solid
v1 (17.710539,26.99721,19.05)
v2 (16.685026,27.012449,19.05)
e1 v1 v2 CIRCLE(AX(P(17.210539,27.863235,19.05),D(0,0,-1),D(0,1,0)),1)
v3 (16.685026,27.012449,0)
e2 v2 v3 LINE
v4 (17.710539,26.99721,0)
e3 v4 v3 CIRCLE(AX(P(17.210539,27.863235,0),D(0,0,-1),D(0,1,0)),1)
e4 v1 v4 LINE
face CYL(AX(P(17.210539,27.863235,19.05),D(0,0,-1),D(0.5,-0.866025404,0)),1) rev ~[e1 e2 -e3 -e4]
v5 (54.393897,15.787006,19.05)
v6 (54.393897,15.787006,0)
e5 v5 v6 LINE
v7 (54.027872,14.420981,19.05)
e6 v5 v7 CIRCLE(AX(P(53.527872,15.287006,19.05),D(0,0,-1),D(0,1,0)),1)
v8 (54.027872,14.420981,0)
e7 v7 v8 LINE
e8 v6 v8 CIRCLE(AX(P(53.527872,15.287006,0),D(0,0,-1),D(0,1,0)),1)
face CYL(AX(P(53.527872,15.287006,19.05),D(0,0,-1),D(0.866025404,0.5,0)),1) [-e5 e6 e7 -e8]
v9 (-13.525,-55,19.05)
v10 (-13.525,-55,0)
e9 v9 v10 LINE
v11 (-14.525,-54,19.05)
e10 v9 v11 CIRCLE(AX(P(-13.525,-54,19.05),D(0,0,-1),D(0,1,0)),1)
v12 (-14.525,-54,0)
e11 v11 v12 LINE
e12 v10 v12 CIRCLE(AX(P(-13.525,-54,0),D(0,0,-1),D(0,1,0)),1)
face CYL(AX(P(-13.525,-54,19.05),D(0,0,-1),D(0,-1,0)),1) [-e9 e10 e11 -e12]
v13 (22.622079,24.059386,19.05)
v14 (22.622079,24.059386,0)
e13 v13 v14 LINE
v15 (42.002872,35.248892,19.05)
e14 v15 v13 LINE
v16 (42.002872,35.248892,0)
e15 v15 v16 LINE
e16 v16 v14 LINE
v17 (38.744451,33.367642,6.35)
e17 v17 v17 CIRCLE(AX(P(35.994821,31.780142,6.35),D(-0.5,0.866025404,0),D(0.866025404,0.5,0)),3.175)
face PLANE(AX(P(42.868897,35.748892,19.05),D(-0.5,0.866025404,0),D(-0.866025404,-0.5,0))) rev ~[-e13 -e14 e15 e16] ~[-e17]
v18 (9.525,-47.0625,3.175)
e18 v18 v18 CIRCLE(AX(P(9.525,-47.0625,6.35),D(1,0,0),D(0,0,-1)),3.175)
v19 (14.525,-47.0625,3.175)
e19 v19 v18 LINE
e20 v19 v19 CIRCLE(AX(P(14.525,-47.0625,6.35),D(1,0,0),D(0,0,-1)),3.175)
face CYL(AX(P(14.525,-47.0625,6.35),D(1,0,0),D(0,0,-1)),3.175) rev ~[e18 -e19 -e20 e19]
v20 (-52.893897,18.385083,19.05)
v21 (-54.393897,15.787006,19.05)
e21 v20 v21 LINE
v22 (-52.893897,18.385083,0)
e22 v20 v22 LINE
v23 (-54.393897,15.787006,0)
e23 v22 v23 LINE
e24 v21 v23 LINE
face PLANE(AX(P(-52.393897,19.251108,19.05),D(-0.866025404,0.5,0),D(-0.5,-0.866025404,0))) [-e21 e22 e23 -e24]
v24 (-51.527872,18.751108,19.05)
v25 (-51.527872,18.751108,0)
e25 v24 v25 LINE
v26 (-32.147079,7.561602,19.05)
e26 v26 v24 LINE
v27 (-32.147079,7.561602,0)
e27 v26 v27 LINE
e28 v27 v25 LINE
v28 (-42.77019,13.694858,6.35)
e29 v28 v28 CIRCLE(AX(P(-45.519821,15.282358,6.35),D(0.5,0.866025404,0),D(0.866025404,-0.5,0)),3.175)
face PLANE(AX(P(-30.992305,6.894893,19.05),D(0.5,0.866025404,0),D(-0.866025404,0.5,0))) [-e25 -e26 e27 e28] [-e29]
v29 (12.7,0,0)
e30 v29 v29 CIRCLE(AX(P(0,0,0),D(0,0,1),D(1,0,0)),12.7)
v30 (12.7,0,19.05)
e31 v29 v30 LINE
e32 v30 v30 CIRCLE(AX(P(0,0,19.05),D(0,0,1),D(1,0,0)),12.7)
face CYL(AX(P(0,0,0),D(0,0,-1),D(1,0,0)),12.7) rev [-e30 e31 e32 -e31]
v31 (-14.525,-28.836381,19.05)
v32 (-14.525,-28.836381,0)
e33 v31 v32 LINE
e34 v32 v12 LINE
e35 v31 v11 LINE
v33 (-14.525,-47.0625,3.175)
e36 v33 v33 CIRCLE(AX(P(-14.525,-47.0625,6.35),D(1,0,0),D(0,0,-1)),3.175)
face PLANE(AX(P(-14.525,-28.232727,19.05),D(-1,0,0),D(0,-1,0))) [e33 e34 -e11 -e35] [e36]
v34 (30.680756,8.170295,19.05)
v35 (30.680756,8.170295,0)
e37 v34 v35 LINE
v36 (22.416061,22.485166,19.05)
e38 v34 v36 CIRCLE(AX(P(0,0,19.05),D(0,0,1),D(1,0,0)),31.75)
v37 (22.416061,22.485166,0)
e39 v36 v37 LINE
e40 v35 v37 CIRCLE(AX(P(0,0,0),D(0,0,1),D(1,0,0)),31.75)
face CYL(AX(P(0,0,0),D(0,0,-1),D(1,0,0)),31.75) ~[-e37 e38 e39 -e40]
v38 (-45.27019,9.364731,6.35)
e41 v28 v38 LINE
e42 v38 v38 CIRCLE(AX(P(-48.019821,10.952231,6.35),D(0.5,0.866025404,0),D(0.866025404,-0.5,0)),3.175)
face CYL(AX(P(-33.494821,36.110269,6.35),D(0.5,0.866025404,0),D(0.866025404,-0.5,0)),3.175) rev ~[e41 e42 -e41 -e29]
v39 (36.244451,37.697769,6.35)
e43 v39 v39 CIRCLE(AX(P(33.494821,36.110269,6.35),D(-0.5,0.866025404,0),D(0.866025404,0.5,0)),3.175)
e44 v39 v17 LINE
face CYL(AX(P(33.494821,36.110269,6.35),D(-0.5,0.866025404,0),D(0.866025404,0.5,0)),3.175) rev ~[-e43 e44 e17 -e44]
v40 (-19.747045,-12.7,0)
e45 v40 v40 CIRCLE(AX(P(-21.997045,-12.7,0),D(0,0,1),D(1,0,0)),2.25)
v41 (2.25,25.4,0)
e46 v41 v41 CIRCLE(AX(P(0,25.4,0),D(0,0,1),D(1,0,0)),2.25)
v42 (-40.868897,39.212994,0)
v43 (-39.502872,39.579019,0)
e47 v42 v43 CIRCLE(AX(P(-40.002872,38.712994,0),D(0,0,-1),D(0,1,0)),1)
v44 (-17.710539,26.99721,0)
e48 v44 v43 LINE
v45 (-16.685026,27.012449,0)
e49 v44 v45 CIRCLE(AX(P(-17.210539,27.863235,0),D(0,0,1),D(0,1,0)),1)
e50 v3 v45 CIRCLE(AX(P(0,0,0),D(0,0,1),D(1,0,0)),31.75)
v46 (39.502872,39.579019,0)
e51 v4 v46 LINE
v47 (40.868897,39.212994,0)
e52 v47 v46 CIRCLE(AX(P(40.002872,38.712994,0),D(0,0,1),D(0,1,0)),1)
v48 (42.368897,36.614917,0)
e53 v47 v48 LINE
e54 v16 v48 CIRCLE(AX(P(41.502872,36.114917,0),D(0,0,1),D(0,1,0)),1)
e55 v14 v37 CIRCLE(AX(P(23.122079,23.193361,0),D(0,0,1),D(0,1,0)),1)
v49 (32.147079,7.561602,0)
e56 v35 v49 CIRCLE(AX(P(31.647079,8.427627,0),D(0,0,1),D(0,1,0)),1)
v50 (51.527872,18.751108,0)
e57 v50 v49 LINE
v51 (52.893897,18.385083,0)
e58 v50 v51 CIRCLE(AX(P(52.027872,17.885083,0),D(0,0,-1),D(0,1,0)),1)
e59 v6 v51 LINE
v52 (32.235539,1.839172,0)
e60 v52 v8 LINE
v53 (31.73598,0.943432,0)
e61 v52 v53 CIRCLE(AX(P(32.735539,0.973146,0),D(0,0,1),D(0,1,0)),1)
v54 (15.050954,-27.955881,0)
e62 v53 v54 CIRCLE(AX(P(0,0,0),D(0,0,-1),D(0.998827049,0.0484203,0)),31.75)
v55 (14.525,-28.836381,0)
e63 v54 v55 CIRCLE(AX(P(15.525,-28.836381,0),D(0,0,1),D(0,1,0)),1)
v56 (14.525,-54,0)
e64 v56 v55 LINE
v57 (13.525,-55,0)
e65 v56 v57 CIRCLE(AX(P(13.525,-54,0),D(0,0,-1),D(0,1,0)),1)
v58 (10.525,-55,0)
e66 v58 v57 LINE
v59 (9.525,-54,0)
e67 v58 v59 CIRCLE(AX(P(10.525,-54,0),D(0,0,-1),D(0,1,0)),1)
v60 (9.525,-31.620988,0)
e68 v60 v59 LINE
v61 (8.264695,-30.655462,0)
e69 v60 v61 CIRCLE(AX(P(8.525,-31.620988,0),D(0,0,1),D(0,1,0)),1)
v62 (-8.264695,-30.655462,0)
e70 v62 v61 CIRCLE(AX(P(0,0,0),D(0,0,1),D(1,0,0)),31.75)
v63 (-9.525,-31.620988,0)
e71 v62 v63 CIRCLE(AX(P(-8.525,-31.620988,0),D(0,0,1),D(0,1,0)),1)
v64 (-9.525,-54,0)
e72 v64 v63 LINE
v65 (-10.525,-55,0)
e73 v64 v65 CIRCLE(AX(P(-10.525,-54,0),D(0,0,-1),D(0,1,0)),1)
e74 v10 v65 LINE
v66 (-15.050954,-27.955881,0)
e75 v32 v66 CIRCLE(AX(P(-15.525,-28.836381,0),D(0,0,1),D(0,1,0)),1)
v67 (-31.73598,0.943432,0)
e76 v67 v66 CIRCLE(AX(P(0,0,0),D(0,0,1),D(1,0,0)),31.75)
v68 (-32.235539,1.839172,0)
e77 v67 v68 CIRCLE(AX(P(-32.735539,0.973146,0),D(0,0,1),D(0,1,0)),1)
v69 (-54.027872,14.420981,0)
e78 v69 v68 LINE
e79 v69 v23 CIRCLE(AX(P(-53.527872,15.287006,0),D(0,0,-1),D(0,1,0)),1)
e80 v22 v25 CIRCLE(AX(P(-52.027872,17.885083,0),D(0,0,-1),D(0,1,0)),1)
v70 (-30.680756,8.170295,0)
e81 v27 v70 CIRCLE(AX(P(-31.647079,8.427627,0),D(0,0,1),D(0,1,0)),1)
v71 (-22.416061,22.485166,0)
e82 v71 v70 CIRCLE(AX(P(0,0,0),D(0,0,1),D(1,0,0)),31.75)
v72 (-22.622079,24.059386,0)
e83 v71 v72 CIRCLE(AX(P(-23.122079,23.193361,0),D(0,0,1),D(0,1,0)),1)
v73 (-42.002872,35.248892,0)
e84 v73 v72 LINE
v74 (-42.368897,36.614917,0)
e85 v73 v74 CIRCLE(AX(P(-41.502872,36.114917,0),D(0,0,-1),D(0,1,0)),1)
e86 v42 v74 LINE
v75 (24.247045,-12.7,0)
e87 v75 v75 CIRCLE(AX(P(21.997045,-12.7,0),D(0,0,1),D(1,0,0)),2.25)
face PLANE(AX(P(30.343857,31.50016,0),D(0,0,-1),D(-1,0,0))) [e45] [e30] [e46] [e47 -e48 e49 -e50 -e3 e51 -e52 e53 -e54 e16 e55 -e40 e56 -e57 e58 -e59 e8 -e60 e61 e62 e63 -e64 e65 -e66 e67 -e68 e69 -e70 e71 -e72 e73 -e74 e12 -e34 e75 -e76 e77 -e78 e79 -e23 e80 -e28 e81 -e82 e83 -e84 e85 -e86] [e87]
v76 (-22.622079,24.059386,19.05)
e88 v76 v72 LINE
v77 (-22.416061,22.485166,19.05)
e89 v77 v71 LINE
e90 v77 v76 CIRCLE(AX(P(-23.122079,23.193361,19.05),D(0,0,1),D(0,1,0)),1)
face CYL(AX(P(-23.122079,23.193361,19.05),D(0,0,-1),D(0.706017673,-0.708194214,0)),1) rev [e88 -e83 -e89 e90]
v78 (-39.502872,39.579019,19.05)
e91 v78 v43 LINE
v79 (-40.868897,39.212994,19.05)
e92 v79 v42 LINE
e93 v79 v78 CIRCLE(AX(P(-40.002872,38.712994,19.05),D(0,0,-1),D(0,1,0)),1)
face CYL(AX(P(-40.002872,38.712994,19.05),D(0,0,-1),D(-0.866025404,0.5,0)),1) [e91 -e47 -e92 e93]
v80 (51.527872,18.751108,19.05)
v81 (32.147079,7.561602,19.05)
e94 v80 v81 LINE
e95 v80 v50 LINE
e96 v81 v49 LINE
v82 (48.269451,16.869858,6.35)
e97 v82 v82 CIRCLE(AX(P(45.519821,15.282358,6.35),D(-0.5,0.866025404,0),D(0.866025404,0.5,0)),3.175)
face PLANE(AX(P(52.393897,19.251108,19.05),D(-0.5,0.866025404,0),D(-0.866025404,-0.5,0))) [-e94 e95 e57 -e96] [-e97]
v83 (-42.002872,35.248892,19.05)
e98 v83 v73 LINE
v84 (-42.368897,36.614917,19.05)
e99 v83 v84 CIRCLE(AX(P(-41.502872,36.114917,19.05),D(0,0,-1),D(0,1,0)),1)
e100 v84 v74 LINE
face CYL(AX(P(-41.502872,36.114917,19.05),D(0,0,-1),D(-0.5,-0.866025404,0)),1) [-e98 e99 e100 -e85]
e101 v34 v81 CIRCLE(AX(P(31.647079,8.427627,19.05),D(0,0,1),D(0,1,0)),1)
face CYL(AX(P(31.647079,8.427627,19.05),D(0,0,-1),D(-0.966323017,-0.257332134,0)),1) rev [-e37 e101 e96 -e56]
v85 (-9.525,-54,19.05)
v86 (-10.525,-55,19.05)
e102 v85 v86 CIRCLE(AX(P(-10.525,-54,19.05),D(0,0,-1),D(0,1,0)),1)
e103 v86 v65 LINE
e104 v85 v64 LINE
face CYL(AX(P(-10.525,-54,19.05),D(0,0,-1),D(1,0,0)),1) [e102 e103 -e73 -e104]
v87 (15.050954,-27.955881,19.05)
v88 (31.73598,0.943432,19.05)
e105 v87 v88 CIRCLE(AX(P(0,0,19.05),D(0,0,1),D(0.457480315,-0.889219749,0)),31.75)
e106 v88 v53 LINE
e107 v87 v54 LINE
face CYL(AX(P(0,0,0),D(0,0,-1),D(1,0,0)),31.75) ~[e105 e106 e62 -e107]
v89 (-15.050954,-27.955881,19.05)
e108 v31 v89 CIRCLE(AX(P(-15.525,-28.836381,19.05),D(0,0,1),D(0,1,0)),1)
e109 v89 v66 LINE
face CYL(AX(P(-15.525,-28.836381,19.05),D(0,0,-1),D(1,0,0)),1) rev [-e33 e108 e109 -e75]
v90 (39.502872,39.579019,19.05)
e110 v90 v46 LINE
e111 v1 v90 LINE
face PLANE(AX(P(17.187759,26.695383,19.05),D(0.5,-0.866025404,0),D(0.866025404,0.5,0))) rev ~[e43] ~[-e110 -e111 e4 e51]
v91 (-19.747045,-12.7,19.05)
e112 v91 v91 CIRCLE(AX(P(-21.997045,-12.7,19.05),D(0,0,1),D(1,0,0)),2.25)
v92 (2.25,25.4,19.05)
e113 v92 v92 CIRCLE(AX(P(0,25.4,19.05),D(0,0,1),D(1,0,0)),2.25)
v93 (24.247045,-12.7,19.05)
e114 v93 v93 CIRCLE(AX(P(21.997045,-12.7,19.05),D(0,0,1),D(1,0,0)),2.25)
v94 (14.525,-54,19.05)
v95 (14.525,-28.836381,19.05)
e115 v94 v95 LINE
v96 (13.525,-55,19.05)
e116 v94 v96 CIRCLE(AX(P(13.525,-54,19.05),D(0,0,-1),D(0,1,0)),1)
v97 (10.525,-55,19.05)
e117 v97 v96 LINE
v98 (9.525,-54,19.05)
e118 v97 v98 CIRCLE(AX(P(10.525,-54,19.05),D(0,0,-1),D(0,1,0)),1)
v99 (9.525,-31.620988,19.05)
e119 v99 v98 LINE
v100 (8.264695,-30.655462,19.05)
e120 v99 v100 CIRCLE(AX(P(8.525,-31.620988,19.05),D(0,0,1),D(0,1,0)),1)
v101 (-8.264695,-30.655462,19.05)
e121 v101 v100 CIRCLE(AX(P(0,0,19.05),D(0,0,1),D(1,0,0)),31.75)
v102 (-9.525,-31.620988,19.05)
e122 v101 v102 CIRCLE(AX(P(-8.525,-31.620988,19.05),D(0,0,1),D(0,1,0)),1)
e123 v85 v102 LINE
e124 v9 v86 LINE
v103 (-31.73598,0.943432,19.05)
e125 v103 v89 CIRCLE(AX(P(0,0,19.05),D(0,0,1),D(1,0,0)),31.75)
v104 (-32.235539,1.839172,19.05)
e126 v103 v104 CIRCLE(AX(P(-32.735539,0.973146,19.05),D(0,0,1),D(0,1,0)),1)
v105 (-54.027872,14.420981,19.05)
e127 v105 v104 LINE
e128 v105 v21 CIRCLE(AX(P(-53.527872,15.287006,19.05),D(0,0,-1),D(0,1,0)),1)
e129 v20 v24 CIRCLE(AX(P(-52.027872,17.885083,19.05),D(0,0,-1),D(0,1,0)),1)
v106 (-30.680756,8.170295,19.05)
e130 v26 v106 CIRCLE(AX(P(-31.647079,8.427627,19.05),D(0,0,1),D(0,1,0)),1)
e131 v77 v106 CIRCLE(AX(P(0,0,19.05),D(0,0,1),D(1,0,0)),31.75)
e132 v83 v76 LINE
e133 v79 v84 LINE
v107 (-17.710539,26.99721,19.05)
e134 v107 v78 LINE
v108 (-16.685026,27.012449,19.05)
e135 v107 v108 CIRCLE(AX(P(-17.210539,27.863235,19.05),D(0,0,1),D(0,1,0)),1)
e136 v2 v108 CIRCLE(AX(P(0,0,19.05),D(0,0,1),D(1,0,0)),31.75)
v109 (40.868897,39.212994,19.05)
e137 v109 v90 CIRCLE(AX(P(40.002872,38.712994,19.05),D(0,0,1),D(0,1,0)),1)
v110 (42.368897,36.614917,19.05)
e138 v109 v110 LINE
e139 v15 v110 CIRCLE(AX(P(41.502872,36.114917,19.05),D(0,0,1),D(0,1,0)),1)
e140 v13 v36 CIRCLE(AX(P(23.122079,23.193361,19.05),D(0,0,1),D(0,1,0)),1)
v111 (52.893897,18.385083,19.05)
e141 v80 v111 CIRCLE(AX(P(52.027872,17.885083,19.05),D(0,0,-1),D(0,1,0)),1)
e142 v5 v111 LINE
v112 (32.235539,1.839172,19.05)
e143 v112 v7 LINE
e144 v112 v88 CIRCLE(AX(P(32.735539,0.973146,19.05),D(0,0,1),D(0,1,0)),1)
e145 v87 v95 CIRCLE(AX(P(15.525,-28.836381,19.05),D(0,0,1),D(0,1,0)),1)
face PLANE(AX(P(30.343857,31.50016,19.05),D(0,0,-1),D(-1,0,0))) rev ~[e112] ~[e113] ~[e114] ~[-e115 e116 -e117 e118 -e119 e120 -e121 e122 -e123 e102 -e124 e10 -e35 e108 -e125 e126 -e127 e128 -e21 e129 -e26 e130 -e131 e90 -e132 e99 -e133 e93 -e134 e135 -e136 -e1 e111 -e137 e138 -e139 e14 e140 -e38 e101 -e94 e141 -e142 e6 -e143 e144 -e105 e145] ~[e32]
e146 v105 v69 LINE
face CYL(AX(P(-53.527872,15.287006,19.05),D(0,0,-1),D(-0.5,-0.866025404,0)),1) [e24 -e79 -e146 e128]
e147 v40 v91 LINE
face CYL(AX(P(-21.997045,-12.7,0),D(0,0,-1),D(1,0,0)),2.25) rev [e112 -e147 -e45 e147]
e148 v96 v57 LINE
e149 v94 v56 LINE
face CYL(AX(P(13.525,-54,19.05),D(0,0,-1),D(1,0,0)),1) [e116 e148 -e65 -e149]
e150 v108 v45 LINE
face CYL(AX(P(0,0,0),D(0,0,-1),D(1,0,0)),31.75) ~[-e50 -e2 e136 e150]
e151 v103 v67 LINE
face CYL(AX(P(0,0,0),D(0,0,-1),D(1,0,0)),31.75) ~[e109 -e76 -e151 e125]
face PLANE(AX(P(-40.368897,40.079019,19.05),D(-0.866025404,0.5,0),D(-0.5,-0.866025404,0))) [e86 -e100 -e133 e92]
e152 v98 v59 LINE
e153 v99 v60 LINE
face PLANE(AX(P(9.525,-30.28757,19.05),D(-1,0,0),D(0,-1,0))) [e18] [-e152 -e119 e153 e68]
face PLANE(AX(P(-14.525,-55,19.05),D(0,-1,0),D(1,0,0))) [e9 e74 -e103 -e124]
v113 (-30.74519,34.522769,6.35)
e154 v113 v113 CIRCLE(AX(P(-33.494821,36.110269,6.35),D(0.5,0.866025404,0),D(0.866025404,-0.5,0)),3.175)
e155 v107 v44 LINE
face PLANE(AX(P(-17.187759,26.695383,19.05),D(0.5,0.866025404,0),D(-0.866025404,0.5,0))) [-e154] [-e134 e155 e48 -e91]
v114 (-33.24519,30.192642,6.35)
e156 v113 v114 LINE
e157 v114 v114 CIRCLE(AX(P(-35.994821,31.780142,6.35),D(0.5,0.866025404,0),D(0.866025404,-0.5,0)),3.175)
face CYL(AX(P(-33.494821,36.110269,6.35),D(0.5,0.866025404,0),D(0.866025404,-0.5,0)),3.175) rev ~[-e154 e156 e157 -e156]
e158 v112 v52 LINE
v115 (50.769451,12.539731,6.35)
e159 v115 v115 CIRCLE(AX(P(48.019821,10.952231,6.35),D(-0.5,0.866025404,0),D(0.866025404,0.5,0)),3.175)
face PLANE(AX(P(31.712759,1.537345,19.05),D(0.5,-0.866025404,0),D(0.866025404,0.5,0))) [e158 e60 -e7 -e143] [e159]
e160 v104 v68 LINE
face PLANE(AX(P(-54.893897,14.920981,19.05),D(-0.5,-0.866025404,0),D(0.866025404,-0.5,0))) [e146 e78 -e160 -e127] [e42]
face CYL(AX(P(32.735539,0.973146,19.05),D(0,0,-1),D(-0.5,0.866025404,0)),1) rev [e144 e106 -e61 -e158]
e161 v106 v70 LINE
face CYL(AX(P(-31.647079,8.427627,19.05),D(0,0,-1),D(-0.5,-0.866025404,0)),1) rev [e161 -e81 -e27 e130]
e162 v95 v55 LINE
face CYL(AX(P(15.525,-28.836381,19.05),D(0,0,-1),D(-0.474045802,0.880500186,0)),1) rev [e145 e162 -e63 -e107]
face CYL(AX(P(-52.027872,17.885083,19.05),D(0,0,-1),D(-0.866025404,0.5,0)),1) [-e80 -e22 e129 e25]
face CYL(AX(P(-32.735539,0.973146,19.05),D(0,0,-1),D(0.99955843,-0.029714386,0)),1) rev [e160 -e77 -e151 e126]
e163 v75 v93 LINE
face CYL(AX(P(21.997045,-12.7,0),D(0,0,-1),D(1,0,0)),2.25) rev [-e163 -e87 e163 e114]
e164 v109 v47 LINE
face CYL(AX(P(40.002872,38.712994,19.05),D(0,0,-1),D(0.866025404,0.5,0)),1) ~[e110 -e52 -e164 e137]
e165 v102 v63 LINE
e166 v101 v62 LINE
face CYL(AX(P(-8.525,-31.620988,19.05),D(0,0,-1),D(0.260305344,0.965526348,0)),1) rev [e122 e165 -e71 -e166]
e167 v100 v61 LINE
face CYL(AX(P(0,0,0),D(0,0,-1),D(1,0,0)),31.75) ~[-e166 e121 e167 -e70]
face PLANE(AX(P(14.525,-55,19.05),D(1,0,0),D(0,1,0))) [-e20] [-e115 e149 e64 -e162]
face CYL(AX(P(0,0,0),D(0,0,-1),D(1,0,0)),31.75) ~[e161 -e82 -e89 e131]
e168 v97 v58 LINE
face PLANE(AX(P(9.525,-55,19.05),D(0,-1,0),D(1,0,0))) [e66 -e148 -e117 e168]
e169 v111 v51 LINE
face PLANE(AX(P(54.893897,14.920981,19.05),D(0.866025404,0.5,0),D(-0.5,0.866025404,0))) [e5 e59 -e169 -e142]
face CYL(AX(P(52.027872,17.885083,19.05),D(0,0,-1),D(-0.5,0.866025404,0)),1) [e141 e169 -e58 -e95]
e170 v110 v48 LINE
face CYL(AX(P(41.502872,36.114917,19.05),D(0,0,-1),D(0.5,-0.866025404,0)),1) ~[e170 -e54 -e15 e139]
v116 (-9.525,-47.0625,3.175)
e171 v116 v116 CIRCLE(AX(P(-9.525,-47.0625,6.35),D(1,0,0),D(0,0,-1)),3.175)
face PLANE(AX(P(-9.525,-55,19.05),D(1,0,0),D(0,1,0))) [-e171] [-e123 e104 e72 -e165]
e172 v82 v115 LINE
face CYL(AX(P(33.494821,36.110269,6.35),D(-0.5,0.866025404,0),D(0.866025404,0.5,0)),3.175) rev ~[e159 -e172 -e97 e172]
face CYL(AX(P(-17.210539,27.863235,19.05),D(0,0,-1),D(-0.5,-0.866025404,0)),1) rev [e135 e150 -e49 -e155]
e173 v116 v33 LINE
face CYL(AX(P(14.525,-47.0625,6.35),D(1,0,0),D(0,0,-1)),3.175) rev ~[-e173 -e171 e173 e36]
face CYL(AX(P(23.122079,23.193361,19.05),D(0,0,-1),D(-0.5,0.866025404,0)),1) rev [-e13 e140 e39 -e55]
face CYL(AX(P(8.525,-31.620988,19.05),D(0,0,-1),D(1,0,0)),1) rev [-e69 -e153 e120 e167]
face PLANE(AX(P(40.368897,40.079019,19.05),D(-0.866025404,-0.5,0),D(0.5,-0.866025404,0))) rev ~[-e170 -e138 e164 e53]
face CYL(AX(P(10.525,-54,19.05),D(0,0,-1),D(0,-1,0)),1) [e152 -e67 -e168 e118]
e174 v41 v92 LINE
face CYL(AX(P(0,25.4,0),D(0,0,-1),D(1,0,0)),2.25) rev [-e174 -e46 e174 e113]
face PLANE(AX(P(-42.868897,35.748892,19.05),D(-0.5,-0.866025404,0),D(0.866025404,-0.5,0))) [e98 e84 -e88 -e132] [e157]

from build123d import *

# Parameters (mm, degrees)
ESQUISSE1_R             = 31.75
ESQUISSE1_R_2           = 12.7
ESQUISSE1_R_3           = 2.25
BOSS_EXTRU_1_DEPTH      = 19.05
BOSS_EXTRU_2_DEPTH      = 19.05
ESQUISSE3_R             = 3.175
ENL_V_MAT_EXTRU_1_DEPTH = 90.603345812
ESQUISSE4_R             = 3.175
ENL_V_MAT_EXTRU_2_DEPTH = 90.603345812
ESQUISSE5_R             = 3.175
ENL_V_MAT_EXTRU_3_DEPTH = 70.418897208
CONG_1_R                = 1


with BuildPart() as part:
    # Esquisse1 → Boss.-Extru.1 (new body)
    with BuildSketch(Plane.XY):
        Circle(ESQUISSE1_R)
        Circle(ESQUISSE1_R_2, mode=Mode.SUBTRACT)
        with Locations((0, 25.4)):
            Circle(ESQUISSE1_R_3, mode=Mode.SUBTRACT)
        with Locations((-21.997045256, -12.7)):
            Circle(ESQUISSE1_R_3, mode=Mode.SUBTRACT)
        with Locations((21.997045256, -12.7)):
            Circle(ESQUISSE1_R_3, mode=Mode.SUBTRACT)
    extrude(amount=BOSS_EXTRU_1_DEPTH)

    # Esquisse2 → Boss.-Extru.2 (add)
    with BuildSketch(Plane.XY.offset(19.05)):
        Polygon((42.868897208, 35.748891971), (21.467304731, 23.392676794), (17.187758818, 26.6953825), (40.368897208, 40.07901899), align=None)
        Polygon((30.992304731, 6.894892851), (31.712758818, 1.53734452), (54.893897208, 14.92098101), (52.393897208, 19.251108029), align=None)
        Polygon((14.525, -55), (14.525, -28.23272702), (9.525, -30.287569645), (9.525, -55), align=None)
        Polygon((-9.525, -30.287569645), (-14.525, -28.23272702), (-14.525, -55), (-9.525, -55), align=None)
        Polygon((-54.893897208, 14.92098101), (-31.712758818, 1.53734452), (-30.992304731, 6.894892851), (-52.393897208, 19.251108029), align=None)
        Polygon((-21.467304731, 23.392676794), (-17.187758818, 26.6953825), (-40.368897208, 40.07901899), (-42.868897208, 35.748891971), align=None)
    extrude(amount=-BOSS_EXTRU_2_DEPTH)

    # Esquisse3 → Enlèv. mat.-Extru.1 (cut, through all)
    with BuildSketch(Plane(origin=(7.2625, 12.57901899, 0), x_dir=(0.866025404, -0.5, 0), z_dir=(0.5, 0.866025404, 0))):
        with Locations((-47.0625, -6.35)):
            Circle(ESQUISSE3_R)
    extrude(amount=-ENL_V_MAT_EXTRU_1_DEPTH, mode=Mode.SUBTRACT)

    # Esquisse4 → Enlèv. mat.-Extru.2 (cut, through all)
    with BuildSketch(Plane(origin=(-7.2625, 12.57901899, 0), x_dir=(0.866025404, 0.5, 0), z_dir=(-0.5, 0.866025404, 0))):
        with Locations((47.0625, -6.35)):
            Circle(ESQUISSE4_R)
    extrude(amount=-ENL_V_MAT_EXTRU_2_DEPTH, mode=Mode.SUBTRACT)

    # Esquisse5 → Enlèv. mat.-Extru.3 (cut, through all)
    with BuildSketch(Plane(origin=(14.525, 0, 0), x_dir=(0, 0, -1), z_dir=(1, 0, 0))):
        with Locations((-6.35, -47.0625)):
            Circle(ESQUISSE5_R)
    extrude(amount=-ENL_V_MAT_EXTRU_3_DEPTH, mode=Mode.SUBTRACT)

    # Congé1
    cong_1_edges = [part.edges().sort_by_distance(p)[0] for p in [
        (40.368897208, 40.07901899, 9.525),
        (42.868897208, 35.748891971, 9.525),
        (21.467304731, 23.392676794, 9.525),
        (17.187758818, 26.6953825, 9.525),
        (30.992304731, 6.894892851, 9.525),
        (52.393897208, 19.251108029, 9.525),
        (54.893897208, 14.92098101, 9.525),
        (31.712758818, 1.53734452, 9.525),
        (14.525, -55, 9.525),
        (9.525, -55, 9.525),
        (9.525, -30.287569645, 9.525),
        (14.525, -28.23272702, 9.525),
        (-9.525, -30.287569645, 9.525),
        (-9.525, -55, 9.525),
        (-14.525, -55, 9.525),
        (-14.525, -28.23272702, 9.525),
        (-54.893897208, 14.92098101, 9.525),
        (-52.393897208, 19.251108029, 9.525),
        (-30.992304731, 6.894892851, 9.525),
        (-31.712758818, 1.53734452, 9.525),
        (-21.467304731, 23.392676794, 9.525),
        (-42.868897208, 35.748891971, 9.525),
        (-40.368897208, 40.07901899, 9.525),
        (-17.187758818, 26.6953825, 9.525),
    ]]
    fillet(cong_1_edges, radius=CONG_1_R)


solid = part.part
